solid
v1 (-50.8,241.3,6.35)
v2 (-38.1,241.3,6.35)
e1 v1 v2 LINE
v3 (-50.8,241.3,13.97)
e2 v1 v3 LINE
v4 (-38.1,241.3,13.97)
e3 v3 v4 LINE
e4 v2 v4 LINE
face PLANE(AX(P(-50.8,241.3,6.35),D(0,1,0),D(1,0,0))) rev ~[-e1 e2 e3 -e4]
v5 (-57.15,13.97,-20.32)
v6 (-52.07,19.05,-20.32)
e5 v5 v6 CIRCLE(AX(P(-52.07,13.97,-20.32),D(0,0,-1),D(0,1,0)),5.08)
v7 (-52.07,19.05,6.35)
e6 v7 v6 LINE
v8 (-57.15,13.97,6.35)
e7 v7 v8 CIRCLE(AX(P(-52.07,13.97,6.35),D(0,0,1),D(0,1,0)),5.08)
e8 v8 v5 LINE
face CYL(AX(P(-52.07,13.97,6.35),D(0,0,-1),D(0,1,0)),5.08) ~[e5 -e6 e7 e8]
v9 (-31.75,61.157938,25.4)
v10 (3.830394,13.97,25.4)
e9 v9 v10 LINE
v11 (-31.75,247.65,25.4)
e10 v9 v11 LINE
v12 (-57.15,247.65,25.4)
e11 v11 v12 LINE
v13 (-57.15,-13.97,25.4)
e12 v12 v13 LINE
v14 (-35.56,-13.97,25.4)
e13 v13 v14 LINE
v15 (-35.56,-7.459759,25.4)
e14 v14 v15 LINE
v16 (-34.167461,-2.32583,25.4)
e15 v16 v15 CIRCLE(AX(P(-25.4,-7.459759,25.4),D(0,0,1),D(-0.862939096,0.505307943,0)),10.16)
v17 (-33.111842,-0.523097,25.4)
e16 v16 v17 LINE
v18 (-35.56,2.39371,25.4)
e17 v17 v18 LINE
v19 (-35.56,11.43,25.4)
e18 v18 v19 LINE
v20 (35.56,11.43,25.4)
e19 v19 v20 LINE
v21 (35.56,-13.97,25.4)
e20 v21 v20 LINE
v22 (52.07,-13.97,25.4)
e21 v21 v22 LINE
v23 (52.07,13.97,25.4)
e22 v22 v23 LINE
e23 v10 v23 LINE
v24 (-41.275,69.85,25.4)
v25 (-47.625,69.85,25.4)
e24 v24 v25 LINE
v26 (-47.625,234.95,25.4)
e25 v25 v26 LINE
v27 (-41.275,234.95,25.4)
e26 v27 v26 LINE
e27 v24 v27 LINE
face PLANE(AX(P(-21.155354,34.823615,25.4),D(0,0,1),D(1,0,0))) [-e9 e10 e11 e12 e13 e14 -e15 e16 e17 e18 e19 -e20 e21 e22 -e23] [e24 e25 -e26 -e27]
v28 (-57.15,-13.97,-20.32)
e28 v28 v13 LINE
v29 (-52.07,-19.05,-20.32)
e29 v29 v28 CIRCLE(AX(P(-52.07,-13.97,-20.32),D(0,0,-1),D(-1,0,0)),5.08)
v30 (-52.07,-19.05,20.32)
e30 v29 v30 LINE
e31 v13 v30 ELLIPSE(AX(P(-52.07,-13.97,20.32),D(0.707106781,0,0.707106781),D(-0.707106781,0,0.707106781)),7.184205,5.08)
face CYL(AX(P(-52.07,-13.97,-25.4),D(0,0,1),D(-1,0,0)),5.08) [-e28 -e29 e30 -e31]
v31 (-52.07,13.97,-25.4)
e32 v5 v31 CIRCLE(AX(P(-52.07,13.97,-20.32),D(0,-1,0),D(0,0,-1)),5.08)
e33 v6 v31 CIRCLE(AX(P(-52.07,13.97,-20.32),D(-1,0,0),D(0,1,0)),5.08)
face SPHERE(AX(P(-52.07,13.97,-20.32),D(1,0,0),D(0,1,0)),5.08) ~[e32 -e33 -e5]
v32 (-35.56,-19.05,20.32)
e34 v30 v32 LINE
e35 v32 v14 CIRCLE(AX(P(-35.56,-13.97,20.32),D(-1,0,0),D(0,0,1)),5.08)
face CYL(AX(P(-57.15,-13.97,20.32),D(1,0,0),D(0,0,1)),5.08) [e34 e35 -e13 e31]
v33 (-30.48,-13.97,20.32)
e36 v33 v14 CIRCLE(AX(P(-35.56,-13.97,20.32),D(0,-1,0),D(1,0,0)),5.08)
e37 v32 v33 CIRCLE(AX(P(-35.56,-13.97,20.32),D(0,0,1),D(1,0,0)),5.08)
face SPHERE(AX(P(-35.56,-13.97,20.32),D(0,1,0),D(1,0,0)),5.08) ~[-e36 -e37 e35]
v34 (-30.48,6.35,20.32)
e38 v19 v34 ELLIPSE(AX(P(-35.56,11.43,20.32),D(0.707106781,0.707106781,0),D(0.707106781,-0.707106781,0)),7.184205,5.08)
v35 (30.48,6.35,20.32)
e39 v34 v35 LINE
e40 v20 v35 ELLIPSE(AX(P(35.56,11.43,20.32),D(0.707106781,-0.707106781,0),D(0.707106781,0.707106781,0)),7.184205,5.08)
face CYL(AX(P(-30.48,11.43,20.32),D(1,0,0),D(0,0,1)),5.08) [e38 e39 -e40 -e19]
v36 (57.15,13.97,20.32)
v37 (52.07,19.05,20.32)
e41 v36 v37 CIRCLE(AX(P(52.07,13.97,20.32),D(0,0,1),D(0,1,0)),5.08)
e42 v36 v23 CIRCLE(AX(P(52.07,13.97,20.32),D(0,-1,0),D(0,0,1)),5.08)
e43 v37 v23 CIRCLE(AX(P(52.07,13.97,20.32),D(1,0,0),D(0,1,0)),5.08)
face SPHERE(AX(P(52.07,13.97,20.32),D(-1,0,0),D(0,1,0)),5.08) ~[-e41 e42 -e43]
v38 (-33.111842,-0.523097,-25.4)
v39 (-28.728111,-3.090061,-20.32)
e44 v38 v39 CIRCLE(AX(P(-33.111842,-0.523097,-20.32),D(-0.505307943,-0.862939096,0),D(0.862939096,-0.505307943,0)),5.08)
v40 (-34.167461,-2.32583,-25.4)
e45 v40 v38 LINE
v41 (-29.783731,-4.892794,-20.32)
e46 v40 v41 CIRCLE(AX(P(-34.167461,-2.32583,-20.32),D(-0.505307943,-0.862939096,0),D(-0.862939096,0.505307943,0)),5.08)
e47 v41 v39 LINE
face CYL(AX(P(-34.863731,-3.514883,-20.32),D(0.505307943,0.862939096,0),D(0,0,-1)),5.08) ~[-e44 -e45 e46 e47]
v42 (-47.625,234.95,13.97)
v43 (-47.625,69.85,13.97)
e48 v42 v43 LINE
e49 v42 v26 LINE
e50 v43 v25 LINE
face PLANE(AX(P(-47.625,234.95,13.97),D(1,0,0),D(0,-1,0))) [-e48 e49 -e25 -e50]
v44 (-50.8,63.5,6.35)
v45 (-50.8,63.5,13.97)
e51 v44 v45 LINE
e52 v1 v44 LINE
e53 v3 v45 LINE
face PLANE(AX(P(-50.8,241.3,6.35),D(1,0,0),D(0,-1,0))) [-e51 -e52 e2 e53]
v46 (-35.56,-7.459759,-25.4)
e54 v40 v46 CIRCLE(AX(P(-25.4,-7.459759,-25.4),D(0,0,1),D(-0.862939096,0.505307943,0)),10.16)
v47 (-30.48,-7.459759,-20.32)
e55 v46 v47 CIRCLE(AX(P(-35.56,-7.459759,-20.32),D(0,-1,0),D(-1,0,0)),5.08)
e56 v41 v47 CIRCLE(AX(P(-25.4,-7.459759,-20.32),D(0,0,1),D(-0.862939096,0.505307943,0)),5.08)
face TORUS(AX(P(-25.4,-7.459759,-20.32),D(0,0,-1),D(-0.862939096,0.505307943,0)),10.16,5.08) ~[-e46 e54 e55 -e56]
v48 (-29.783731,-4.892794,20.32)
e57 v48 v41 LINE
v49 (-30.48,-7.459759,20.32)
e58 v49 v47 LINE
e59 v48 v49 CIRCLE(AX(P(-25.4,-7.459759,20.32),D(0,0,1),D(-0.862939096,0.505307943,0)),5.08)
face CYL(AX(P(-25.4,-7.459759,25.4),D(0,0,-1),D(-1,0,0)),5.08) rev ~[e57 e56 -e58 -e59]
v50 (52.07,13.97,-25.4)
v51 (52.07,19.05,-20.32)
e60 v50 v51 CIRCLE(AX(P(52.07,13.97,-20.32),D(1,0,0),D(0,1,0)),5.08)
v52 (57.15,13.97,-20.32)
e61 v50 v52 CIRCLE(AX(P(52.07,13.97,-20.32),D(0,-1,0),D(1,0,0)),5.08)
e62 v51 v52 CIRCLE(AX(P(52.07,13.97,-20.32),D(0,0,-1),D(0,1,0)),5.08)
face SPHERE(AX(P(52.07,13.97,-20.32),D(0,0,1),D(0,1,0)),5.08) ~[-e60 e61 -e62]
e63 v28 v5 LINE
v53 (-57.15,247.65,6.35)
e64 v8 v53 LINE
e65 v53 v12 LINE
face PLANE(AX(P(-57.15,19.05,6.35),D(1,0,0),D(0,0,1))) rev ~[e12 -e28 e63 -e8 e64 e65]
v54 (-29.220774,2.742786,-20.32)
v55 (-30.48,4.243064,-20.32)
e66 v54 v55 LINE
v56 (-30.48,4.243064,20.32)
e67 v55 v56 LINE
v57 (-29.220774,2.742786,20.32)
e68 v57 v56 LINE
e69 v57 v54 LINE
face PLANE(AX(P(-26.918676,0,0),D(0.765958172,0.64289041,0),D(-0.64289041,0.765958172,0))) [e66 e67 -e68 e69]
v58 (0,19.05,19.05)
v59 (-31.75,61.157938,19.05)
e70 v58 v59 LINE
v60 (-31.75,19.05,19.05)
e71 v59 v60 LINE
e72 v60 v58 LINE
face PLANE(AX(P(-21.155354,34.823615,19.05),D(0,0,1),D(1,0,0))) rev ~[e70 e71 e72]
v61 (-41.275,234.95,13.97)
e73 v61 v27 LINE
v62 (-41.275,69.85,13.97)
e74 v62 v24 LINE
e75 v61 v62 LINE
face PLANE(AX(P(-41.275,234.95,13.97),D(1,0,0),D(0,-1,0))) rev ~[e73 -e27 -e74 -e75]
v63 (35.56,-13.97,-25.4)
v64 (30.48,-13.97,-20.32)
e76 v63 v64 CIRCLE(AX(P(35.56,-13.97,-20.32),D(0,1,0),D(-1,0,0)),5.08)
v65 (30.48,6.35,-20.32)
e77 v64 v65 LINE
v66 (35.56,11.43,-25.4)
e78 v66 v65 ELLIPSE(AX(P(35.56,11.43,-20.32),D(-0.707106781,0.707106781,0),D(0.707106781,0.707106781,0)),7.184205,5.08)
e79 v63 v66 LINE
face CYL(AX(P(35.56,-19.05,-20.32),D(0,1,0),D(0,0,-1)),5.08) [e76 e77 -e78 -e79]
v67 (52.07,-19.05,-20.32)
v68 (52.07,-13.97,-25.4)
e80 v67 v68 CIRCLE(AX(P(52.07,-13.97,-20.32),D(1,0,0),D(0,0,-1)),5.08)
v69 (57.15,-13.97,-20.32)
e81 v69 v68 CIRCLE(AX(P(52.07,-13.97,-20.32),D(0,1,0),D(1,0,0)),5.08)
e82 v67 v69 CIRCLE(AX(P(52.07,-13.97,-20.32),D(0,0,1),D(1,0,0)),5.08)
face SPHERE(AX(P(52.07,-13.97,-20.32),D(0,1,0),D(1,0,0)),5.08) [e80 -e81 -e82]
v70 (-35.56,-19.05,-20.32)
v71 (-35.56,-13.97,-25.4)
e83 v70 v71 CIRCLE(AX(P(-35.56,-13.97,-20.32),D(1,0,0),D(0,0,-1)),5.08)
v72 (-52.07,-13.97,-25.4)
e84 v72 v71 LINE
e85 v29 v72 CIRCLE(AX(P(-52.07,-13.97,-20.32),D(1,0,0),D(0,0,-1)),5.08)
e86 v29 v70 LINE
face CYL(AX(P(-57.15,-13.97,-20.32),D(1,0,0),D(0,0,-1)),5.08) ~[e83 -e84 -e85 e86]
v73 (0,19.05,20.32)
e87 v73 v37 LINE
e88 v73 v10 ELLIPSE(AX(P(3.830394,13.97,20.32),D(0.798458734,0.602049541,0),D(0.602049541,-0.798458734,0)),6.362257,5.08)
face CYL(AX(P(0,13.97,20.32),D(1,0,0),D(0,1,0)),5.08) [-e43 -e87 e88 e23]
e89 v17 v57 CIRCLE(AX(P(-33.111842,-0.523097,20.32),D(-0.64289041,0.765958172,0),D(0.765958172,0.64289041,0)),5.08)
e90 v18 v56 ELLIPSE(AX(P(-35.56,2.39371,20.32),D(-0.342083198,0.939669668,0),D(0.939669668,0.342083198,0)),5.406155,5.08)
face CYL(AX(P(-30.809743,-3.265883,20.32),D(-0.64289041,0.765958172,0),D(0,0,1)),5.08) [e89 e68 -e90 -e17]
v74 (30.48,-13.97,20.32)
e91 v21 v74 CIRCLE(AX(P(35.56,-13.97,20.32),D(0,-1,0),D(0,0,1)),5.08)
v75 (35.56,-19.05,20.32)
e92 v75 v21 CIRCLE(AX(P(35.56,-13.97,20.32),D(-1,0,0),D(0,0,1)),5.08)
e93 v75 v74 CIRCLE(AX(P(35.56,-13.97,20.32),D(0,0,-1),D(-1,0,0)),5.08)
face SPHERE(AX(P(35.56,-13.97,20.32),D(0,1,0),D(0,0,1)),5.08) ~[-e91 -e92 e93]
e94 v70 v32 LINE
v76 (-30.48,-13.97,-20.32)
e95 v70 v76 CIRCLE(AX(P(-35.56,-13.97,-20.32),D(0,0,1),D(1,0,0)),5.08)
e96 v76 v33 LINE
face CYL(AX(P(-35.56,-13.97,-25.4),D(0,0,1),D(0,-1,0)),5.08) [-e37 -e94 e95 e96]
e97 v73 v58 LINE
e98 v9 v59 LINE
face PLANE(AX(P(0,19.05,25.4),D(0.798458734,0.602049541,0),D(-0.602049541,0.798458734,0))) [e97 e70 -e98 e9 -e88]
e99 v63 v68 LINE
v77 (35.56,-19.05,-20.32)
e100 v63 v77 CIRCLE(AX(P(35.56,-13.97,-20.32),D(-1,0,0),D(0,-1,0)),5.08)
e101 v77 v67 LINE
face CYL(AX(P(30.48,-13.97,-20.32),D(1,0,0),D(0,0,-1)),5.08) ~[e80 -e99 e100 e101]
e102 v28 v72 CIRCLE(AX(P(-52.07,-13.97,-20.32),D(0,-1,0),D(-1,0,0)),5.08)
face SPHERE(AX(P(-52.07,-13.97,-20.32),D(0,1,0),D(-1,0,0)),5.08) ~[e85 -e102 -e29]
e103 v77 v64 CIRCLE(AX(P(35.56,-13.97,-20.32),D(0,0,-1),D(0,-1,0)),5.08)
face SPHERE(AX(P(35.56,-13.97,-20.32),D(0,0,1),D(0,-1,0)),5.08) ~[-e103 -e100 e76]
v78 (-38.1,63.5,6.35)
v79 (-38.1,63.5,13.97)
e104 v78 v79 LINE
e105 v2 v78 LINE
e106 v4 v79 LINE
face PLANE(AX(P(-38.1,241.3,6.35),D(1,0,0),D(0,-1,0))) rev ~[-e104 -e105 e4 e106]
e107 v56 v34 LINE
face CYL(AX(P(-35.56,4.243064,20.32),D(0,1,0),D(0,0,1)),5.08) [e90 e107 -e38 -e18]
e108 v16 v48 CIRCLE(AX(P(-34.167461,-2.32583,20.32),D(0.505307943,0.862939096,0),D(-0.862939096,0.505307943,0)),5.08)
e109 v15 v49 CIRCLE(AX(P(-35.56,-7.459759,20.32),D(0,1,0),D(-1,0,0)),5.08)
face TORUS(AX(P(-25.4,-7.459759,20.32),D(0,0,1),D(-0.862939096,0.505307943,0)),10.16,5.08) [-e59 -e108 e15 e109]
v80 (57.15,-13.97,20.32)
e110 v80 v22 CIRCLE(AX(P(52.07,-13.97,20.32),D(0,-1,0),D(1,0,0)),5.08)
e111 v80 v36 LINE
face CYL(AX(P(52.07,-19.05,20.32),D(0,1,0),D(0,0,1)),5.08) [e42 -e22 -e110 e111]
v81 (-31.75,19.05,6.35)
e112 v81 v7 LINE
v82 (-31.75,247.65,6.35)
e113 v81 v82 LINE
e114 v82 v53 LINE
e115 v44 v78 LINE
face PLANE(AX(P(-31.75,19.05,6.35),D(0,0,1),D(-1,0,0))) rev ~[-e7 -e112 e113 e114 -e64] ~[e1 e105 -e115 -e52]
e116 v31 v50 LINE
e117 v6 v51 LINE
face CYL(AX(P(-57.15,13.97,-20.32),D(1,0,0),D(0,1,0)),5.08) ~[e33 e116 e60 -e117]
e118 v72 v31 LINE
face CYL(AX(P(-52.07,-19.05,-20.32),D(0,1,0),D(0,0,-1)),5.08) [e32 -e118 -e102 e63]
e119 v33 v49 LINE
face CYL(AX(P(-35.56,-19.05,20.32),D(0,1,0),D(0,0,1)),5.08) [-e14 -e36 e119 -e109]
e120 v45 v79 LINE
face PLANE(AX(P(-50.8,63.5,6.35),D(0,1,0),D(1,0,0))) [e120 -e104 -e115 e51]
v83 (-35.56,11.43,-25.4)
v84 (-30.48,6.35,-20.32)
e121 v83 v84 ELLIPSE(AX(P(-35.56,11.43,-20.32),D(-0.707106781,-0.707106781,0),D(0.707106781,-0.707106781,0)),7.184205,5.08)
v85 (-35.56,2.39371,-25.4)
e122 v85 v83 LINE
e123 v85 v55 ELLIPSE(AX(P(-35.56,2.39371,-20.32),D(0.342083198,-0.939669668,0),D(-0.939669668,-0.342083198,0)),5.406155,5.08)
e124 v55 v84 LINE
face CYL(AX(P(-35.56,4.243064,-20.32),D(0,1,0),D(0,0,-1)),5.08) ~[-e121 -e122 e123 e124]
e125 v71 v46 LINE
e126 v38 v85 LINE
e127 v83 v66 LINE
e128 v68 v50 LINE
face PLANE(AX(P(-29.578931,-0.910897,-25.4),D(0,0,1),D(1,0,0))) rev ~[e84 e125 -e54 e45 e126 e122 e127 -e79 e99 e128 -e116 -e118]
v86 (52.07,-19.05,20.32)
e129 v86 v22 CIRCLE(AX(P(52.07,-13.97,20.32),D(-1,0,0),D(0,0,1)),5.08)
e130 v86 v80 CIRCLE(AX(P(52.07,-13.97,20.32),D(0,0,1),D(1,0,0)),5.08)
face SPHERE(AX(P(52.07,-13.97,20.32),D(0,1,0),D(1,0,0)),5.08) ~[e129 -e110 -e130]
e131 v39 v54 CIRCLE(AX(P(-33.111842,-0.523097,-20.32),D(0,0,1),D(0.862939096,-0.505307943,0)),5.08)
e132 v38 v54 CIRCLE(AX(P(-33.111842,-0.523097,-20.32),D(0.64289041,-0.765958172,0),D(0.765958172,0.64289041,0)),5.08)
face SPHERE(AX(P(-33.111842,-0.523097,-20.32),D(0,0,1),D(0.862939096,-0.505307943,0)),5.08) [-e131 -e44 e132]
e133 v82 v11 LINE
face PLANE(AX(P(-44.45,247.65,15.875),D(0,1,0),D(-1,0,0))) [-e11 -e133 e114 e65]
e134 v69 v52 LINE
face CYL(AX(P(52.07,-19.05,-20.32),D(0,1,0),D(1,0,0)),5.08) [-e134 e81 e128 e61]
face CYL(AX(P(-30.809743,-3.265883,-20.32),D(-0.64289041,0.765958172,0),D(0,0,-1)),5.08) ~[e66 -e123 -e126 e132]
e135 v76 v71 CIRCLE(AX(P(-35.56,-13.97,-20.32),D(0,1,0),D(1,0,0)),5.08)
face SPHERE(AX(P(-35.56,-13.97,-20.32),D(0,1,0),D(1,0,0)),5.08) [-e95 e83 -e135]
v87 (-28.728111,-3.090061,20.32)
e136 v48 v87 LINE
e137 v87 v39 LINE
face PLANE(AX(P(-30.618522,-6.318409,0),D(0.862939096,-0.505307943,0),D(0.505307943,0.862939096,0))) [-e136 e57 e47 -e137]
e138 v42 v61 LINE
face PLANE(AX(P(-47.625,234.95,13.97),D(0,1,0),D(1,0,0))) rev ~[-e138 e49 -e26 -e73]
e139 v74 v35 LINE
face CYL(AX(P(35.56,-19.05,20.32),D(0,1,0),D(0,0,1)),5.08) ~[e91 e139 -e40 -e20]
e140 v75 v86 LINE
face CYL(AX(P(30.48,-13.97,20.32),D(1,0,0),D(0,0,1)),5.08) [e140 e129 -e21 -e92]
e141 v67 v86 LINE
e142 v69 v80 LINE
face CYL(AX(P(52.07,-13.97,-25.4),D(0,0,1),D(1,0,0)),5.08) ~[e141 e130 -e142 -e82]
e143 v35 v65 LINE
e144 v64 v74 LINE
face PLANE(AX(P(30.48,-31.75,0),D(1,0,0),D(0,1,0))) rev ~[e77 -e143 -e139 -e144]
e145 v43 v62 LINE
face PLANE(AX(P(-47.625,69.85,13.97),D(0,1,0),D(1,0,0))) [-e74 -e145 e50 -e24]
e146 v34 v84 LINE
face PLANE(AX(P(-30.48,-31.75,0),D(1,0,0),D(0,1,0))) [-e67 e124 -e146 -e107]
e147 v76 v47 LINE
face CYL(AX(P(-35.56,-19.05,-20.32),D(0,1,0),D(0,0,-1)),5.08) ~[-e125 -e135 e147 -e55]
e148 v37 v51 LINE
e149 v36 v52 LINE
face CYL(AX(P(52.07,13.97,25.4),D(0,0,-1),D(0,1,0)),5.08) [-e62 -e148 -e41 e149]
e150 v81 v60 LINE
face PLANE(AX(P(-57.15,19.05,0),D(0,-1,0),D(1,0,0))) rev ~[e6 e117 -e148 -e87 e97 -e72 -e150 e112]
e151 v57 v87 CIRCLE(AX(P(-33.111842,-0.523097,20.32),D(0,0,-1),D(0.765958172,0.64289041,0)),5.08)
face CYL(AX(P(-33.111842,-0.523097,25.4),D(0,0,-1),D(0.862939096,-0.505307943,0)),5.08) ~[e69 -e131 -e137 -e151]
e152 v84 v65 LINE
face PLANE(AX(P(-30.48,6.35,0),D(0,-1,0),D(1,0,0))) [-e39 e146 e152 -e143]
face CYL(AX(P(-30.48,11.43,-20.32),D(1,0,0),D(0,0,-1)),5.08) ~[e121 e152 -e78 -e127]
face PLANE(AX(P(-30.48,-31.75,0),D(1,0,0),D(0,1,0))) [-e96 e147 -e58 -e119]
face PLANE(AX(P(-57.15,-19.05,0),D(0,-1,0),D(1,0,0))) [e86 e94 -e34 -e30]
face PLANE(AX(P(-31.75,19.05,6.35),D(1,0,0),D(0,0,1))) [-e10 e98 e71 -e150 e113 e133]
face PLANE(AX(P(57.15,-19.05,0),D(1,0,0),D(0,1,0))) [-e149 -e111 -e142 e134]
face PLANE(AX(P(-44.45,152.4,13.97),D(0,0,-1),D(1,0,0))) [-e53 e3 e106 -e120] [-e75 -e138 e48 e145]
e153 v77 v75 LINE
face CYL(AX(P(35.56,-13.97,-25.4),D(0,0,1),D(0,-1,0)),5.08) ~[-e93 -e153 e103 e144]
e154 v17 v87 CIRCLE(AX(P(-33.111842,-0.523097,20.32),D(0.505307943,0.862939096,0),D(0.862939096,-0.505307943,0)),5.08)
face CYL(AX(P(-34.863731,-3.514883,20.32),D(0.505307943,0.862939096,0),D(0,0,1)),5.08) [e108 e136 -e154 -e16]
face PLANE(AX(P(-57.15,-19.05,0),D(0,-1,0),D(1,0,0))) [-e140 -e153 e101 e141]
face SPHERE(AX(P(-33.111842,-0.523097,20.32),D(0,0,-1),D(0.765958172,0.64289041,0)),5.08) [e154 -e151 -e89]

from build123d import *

# Parameters (mm, degrees)
F0_W      = 114.3
F0_H      = 38.1
F2_DEPTH  = 25.4
F1_W      = 60.96
F1_H      = 38.1
F3_DEPTH  = 38.1
F5_DEPTH  = 25.4
F6_W      = 25.4
F6_H      = 19.05
F7_DEPTH  = 228.6
F8_W      = 12.7
F8_H      = 177.8
F9_DEPTH  = 7.62
F10_W     = 6.35
F10_H     = 165.1
F11_DEPTH = 11.431
F13_DEPTH = 6.35
F14_R     = 5.08


with BuildPart() as f2:
    # F0 (on Top) → F2 (new body, symmetric)
    with BuildSketch(Plane.XY):
        Rectangle(F0_W, F0_H)
    extrude(amount=F2_DEPTH, both=True)

    # F1 (on face) → F3 (cut, symmetric)
    with BuildSketch(Plane.XY):
        with Locations((0, -12.7)):
            Rectangle(F1_W, F1_H)
    extrude(amount=F3_DEPTH, both=True, mode=Mode.SUBTRACT)

    # F4 (on Top) → F5 (join, symmetric)
    with BuildSketch(Plane.XY):
        Polygon((-26.9186757505, 0), (-30.5502526462, 4.3267654255), (-30.6185223162, -6.3184089959), align=None)
    extrude(amount=F5_DEPTH, both=True)

    # F6 (on face) → F7 (join)
    with BuildSketch(Plane(origin=(0, 19.05, 0), x_dir=(-1, 0, 0), z_dir=(0, 1, 0))):
        with Locations((44.45, 15.875)):
            Rectangle(F6_W, F6_H)
    extrude(amount=F7_DEPTH)

    # F8 (on face) → F9 (cut)
    with BuildSketch(Plane(origin=(0, 0, 6.35), x_dir=(1, 0, 0), z_dir=(0, 0, -1))):
        with Locations((-44.45, -152.4)):
            Rectangle(F8_W, F8_H)
    extrude(amount=-F9_DEPTH, mode=Mode.SUBTRACT)

    # F10 (on face) → F11 (cut, through all)
    with BuildSketch(Plane(origin=(0, 0, 13.97), x_dir=(1, 0, 0), z_dir=(0, 0, -1))):
        with Locations((-44.45, -152.4)):
            Rectangle(F10_W, F10_H)
    extrude(amount=-F11_DEPTH, mode=Mode.SUBTRACT)

    # F12 (on face) → F13 (join)
    with BuildSketch(Plane.XY.offset(25.4)):
        Polygon((0, 19.05), (-31.75, 61.1579380929), (-31.75, 19.05), align=None)
    extrude(amount=-F13_DEPTH)

    # F14
    f14_edges = [f2.edges().sort_by_distance(p)[0] for p in [
        (28.575, 19.05, 25.4),
        (57.15, 19.05, 0),
        (0, 19.05, -25.4),
        (-57.15, 19.05, -9.525),
        (-57.15, 0, -25.4),
        (-30.48, -12.565924, -25.4),
        (-57.15, -19.05, 0),
        (57.15, 0, 25.4),
        (57.15, 0, -25.4),
        (30.48, -6.35, 25.4),
        (57.15, -19.05, 0),
        (43.815, -19.05, 25.4),
        (30.48, -19.05, 0),
        (43.815, -19.05, -25.4),
        (0, 6.35, 25.4),
        (-30.48, 5.296532, 25.4),
        (-30.48, -12.565924, 25.4),
        (-30.48, -19.05, 0),
        (-43.815, -19.05, -25.4),
        (-43.815, -19.05, 25.4),
        (30.48, -6.35, -25.4),
        (-26.918676, 0, 0),
        (-28.699338, 2.121532, 25.4),
        (-30.48, -6.081848, 0),
        (-28.699338, -3.040924, 25.4),
        (0, 6.35, -25.4),
        (-28.699338, -3.040924, -25.4),
        (-28.699338, 2.121532, -25.4),
        (-30.48, 5.296532, -25.4),
    ]]
    fillet(f14_edges, radius=F14_R)


solid = f2.part
